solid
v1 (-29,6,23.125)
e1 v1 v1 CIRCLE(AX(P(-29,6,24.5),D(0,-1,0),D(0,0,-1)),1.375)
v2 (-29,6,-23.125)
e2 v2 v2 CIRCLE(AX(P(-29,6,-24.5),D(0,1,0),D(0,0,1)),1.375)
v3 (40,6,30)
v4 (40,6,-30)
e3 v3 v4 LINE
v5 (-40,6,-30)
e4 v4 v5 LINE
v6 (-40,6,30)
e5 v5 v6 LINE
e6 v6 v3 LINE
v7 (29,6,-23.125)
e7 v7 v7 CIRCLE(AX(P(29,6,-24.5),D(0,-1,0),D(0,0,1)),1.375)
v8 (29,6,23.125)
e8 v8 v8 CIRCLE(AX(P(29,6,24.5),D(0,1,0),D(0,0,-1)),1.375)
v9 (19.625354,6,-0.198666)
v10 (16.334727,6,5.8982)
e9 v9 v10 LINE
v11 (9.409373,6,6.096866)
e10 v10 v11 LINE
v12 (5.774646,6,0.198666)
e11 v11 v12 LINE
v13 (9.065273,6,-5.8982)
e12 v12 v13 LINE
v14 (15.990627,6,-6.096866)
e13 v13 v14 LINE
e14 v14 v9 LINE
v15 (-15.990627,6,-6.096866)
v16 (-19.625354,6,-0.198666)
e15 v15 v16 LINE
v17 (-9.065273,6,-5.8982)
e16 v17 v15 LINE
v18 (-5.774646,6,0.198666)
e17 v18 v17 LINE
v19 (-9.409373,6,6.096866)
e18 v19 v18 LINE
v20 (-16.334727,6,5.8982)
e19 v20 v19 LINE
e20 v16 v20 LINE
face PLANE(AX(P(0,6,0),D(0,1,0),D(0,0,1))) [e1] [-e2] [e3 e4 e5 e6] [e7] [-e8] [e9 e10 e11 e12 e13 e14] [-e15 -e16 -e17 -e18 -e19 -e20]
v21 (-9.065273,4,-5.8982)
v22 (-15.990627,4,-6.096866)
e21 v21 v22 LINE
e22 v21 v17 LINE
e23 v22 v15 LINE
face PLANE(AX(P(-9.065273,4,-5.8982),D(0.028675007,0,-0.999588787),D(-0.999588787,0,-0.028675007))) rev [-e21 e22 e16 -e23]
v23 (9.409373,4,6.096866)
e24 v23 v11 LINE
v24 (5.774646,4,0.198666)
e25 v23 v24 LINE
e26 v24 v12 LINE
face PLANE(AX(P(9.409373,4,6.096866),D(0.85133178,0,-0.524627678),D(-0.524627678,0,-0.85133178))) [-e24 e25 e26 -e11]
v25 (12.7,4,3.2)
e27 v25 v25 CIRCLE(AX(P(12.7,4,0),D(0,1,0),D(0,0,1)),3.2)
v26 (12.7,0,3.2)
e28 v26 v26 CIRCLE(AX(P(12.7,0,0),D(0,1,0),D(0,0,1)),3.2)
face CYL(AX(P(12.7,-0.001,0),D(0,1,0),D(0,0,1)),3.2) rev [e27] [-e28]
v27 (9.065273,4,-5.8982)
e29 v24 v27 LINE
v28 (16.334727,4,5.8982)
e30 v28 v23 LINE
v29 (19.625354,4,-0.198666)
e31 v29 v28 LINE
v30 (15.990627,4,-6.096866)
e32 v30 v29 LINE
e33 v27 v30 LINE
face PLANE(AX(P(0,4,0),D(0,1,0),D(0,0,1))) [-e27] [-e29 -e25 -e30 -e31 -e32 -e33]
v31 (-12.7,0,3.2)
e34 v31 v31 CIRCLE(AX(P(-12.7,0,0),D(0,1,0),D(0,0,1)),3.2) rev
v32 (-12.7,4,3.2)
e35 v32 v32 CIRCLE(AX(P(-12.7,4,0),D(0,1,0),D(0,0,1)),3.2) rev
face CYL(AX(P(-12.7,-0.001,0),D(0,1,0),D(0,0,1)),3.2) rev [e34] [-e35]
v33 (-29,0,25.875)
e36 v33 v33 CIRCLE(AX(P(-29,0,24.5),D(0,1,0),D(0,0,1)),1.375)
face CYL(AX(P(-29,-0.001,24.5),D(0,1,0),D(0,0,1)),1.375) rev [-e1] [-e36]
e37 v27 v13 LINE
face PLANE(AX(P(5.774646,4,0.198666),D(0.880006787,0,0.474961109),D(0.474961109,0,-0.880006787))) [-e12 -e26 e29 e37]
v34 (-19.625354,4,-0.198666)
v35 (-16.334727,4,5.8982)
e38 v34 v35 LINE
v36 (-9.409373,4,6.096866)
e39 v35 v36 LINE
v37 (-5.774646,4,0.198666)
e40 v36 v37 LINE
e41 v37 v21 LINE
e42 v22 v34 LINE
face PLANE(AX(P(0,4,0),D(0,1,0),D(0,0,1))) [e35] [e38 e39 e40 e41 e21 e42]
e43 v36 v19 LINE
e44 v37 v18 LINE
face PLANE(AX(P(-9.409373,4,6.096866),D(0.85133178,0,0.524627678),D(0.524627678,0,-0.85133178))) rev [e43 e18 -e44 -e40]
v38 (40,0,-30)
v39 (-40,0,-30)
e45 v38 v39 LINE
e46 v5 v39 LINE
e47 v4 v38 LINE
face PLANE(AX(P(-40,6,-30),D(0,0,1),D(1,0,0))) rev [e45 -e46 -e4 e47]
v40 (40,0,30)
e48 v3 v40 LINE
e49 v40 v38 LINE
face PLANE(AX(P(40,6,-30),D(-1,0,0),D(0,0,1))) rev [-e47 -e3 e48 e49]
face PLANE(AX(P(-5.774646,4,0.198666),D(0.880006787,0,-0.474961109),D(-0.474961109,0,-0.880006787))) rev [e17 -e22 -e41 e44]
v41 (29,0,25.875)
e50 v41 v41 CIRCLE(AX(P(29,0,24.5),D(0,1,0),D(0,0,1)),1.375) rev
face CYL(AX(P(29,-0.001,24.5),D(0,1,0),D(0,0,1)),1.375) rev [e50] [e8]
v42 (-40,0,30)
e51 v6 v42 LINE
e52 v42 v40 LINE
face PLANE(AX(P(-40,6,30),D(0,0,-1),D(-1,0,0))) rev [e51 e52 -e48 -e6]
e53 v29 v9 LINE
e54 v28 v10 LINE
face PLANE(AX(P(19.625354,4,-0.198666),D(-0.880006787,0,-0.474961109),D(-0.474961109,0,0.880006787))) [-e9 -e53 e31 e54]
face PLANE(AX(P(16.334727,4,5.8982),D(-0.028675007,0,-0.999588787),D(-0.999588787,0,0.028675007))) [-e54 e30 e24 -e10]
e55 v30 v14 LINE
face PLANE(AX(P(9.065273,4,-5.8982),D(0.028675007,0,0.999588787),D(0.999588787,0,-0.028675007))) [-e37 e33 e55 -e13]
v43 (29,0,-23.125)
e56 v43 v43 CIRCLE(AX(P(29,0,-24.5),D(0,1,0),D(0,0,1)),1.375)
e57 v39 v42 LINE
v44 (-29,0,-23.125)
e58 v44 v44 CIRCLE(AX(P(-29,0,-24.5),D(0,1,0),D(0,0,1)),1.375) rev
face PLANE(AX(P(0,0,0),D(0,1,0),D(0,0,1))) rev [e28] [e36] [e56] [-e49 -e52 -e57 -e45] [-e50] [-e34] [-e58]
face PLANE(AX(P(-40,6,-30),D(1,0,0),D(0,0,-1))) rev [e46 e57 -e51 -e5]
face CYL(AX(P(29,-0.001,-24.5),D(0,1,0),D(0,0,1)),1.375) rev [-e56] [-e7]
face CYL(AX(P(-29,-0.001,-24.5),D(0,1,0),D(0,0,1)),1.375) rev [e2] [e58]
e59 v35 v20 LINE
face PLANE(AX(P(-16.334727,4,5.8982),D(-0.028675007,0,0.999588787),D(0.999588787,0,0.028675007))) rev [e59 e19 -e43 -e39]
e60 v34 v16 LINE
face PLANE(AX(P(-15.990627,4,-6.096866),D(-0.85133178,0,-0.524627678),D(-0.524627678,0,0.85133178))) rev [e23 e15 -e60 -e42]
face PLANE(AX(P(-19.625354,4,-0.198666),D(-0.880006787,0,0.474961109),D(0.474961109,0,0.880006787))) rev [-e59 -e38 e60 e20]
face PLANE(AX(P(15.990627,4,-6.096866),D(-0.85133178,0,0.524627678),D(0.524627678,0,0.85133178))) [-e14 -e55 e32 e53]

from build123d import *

# Parameters (mm, degrees)
SKETCH2_W               = 80
SKETCH2_H               = 60
BOSS_EXTRUDE2_DEPTH     = 6
SKETCH3_R               = 3.2
CUT_EXTRUDE1_DEPTH      = 6
CUT_EXTRUDE2_DEPTH      = 2
SKETCH6_R               = 1.375
CUT_EXTRUDE3_DEPTH      = 6
MIRROR4_COPY_1_SKETCH_R = 1.375
MIRROR4_COPY_1_DEPTH    = 6


with BuildPart() as part:
    # Sketch2 → Boss-Extrude2 (new body)
    with BuildSketch(Plane(origin=(0, 0, 0), x_dir=(1, 0, 0), z_dir=(0, 1, 0))):
        Rectangle(SKETCH2_W, SKETCH2_H)
    extrude(amount=BOSS_EXTRUDE2_DEPTH)

    # Sketch3 → Cut-Extrude1 (cut)
    with BuildSketch(Plane(origin=(0, 6, 0), x_dir=(1, 0, 0), z_dir=(0, 1, 0))):
        with Locations((-12.7, 0)):
            Circle(SKETCH3_R)
    cut_extrude1 = extrude(amount=-CUT_EXTRUDE1_DEPTH, mode=Mode.SUBTRACT)

    # Sketch5 → Cut-Extrude2 (cut)
    with BuildSketch(Plane(origin=(0, 6, 0), x_dir=(1, 0, 0), z_dir=(0, 1, 0))):
        Polygon((-9.409372911, -6.096865864), (-5.774645734, -0.198666278), (-9.065272823, 5.898199586), (-15.990627089, 6.096865864), (-19.625354266, 0.198666278), (-16.334727177, -5.898199586), align=None)
    cut_extrude2 = extrude(amount=-CUT_EXTRUDE2_DEPTH, mode=Mode.SUBTRACT)

    # Mirror2: Cut-Extrude1, Cut-Extrude2 across plane
    add(cut_extrude1.mirror(Plane(origin=(0, 0, 0), x_dir=(0, 0, 1), z_dir=(1, 0, 0))), mode=Mode.SUBTRACT)
    add(cut_extrude2.mirror(Plane(origin=(0, 0, 0), x_dir=(0, 0, 1), z_dir=(1, 0, 0))), mode=Mode.SUBTRACT)

    # Sketch6 → Cut-Extrude3 (cut)
    with BuildSketch(Plane(origin=(0, 6, 0), x_dir=(1, 0, 0), z_dir=(0, 1, 0))):
        with Locations((-29, 24.5)):
            Circle(SKETCH6_R)
    cut_extrude3 = extrude(amount=-CUT_EXTRUDE3_DEPTH, mode=Mode.SUBTRACT)

    # Mirror3: Cut-Extrude3 across plane
    add(cut_extrude3.mirror(Plane.XY), mode=Mode.SUBTRACT)

    # Mirror4: Cut-Extrude3 across plane
    add(cut_extrude3.mirror(Plane(origin=(0, 0, 0), x_dir=(0, 0, 1), z_dir=(1, 0, 0))), mode=Mode.SUBTRACT)

    # Mirror4 copy 1 sketch → Mirror4 copy 1 (cut)
    with BuildSketch(Plane(origin=(0, 6, 0), x_dir=(-1, 0, 0), z_dir=(0, 1, 0))):
        with Locations((-29, 24.5)):
            Circle(MIRROR4_COPY_1_SKETCH_R)
    extrude(amount=-MIRROR4_COPY_1_DEPTH, mode=Mode.SUBTRACT)


solid = part.part
